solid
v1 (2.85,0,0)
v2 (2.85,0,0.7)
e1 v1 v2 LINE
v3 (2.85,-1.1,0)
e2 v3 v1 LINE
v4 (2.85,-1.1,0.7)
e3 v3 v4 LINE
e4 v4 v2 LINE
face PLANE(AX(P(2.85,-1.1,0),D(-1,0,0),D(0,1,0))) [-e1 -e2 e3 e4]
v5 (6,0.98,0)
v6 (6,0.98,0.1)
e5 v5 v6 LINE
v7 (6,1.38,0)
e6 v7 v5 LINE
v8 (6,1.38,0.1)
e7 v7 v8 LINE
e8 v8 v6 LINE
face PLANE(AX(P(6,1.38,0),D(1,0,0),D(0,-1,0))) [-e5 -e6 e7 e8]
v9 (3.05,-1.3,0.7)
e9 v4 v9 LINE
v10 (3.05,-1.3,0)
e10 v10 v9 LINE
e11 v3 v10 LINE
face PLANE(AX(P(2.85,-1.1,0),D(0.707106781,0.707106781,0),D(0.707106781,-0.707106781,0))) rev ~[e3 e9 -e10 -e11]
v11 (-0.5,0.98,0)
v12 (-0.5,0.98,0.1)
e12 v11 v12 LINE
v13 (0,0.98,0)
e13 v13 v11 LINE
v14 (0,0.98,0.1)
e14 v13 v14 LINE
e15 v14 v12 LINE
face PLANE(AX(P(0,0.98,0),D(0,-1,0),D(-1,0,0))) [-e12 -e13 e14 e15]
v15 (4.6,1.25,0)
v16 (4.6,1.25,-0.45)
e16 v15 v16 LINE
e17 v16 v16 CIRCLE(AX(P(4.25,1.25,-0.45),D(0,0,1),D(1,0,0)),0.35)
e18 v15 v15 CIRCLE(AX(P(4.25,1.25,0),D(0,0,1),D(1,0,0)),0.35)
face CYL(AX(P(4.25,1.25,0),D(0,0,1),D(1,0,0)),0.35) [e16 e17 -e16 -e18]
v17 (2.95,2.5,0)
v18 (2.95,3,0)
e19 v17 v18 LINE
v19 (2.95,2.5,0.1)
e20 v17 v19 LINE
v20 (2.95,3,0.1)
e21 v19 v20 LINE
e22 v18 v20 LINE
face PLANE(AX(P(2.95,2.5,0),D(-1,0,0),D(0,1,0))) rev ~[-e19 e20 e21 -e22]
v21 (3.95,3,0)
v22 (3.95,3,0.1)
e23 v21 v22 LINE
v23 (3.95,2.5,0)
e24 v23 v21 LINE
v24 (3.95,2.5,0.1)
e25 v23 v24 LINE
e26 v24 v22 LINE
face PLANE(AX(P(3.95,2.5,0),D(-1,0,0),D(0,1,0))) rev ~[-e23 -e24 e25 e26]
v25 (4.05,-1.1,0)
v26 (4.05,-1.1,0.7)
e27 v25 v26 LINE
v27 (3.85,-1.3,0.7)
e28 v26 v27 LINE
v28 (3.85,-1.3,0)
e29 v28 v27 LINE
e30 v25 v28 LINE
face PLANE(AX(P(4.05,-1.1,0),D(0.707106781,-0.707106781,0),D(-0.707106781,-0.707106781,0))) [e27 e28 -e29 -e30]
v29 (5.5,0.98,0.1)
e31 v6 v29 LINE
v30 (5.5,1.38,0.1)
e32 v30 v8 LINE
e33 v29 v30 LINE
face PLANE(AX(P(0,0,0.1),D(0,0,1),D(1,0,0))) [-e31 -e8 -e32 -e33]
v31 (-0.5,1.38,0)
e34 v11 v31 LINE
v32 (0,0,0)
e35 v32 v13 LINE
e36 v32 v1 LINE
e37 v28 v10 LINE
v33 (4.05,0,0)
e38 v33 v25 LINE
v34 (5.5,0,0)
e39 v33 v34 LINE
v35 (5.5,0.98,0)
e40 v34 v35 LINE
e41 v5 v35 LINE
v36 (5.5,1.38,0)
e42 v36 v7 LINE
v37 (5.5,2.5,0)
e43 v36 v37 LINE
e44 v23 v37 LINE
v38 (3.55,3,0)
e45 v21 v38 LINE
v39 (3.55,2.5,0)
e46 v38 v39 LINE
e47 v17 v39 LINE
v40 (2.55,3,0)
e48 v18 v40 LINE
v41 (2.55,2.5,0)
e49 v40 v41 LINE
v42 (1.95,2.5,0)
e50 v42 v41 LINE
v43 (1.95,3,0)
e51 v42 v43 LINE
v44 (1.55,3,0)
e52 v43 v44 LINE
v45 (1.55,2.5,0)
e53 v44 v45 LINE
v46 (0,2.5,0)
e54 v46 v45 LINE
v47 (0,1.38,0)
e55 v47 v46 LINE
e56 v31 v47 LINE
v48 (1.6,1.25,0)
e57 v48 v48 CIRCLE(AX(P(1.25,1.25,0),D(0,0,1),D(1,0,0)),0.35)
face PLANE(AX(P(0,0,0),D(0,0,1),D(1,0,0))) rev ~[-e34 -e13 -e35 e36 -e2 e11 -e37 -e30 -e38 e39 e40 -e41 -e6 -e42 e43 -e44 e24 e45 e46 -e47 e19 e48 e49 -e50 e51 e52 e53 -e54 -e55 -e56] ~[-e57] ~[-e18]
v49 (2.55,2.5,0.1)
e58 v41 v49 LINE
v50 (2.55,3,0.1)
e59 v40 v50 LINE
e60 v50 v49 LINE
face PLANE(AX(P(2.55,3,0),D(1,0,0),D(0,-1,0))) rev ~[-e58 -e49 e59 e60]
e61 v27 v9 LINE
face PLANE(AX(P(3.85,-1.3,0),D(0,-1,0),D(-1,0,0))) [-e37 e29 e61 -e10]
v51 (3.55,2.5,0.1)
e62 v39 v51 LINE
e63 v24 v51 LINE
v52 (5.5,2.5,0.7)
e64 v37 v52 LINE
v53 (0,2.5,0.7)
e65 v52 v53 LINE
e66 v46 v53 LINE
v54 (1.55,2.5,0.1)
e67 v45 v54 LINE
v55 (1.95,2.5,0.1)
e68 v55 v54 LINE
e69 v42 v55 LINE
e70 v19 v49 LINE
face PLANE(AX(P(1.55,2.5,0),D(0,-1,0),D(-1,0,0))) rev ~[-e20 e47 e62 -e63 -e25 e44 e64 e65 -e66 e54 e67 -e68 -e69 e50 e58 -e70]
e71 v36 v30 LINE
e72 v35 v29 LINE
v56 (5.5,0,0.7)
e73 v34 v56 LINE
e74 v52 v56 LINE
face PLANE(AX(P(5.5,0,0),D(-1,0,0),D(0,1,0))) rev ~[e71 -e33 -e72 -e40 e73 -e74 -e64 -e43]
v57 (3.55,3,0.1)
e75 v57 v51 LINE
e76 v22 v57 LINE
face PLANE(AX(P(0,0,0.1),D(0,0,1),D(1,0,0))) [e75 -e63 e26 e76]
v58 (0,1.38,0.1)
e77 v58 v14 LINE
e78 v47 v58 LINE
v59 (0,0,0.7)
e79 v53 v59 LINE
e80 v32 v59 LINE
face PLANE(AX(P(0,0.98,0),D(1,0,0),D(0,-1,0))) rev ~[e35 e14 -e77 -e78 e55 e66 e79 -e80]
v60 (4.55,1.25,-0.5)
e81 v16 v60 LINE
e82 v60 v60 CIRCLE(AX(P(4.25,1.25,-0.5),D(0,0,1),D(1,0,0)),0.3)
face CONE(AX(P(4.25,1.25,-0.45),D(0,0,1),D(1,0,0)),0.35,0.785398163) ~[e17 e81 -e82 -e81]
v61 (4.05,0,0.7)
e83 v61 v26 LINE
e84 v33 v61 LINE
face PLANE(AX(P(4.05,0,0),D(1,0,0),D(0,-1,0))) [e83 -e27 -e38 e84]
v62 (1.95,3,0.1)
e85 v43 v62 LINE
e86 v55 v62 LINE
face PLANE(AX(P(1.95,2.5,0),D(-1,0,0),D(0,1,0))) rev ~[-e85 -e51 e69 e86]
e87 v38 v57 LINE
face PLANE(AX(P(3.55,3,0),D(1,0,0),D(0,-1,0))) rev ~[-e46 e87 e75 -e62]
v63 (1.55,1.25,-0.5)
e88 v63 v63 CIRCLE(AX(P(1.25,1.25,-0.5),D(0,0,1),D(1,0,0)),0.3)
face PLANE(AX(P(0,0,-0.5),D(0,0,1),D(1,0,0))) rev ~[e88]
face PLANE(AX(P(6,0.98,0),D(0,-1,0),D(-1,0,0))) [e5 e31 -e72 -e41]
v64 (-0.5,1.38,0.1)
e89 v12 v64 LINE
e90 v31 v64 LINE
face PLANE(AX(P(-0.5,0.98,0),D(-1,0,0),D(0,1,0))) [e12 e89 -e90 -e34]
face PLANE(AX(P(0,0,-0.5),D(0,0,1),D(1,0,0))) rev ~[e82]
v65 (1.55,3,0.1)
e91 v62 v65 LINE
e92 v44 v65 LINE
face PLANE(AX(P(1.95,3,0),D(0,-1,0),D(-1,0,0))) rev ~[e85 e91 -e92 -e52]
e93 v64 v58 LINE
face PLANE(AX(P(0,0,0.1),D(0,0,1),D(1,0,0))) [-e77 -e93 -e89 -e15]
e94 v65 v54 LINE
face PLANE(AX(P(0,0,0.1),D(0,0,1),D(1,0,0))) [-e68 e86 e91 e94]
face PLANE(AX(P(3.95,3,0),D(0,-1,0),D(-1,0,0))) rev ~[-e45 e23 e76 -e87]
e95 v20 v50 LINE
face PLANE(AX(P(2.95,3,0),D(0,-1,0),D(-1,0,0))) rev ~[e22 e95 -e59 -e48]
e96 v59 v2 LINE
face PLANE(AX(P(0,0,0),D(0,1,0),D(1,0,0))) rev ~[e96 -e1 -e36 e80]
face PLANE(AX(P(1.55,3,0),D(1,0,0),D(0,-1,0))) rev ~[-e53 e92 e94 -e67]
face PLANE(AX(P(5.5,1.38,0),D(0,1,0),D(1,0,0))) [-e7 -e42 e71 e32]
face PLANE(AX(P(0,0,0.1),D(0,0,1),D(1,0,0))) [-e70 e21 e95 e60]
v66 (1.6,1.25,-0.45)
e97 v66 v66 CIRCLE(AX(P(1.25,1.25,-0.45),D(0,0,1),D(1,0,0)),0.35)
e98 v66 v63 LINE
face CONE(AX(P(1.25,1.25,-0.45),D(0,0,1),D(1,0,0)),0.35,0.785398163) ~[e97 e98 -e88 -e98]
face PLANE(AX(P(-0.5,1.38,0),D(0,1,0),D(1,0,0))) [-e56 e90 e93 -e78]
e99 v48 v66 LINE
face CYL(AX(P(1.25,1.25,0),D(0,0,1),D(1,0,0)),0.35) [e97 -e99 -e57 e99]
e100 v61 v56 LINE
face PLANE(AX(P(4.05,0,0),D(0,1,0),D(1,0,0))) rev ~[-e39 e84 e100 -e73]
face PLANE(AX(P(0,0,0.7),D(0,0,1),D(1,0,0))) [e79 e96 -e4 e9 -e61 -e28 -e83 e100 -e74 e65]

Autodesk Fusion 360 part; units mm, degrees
sketch "Sketch1" plane through (0, 0, 0) normal (0, 0, 1) x (1, 0, 0)
  line L0 (5.5, 0) -> (5.5, 2.5)
  line L1 (5.5, 2.5) -> (0, 2.5)
  line L2 (0, 2.5) -> (0, 0)
  line L3 (2.75, 2.5) -> (2.75, 0) construction
  line L4 (4.05, 0) -> (4.05, -1.1)
  line L5 (3.85, -1.3) -> (3.05, -1.3)
  line L6 (2.85, -1.1) -> (2.85, 0)
  line L7 (2.85, -1.1) -> (3.05, -1.3)
  line L8 (4.05, -1.1) -> (3.85, -1.3)
  line L9 (2.05, 2.5) -> (2.05, 0) construction
  line L10 (3.45, 2.5) -> (3.45, 0) construction
  line L11 (3.45, -1.3) -> (3.45, 0) construction
  line L12 (0, 1.25) -> (5.5, 1.25) construction
  line L13 (1.25, 2.5) -> (1.25, 0) construction
  line L14 (4.25, 2.5) -> (4.25, 0) construction
  circle A0 centre (1.25, 1.25) radius 0.35
  circle A1 centre (4.25, 1.25) radius 0.35
  line L15 (0, 1.18) -> (5.5, 1.18) construction
  line L16 (-0.5, 1.38) -> (0, 1.38)
  line L17 (0, 1.38) -> (0, 0.98)
  line L18 (0, 0.98) -> (-0.5, 0.98)
  line L19 (-0.5, 0.98) -> (-0.5, 1.38)
  line L20 (5.5, 0.98) -> (5.5, 1.38)
  line L21 (5.5, 1.38) -> (6, 1.38)
  line L22 (6, 1.38) -> (6, 0.98)
  line L23 (6, 0.98) -> (5.5, 0.98)
  line L24 (0, 0) -> (2.85, 0)
  line L25 (4.05, 0) -> (5.5, 0)
  line L26 (2.55, 2.5) -> (2.95, 2.5)
  line L27 (2.95, 2.5) -> (2.95, 3)
  line L28 (2.95, 3) -> (2.55, 3)
  line L29 (2.55, 3) -> (2.55, 2.5)
  line L30 (3.55, 2.5) -> (3.95, 2.5)
  line L31 (3.95, 2.5) -> (3.95, 3)
  line L32 (3.95, 3) -> (3.55, 3)
  line L33 (3.55, 3) -> (3.55, 2.5)
  line L34 (1.55, 2.5) -> (1.95, 2.5)
  line L35 (1.95, 2.5) -> (1.95, 3)
  line L36 (1.95, 3) -> (1.55, 3)
  line L37 (1.55, 3) -> (1.55, 2.5)
  point P0 (4.05, -1.3)
  point P1 (2.85, -1.3)
  point P2 (1.25, 1.25)
  point P3 (4.25, 1.25)
  point P4 (0, 1.18)
  point P5 (5.5, 1.18)
  point P6 (0, 1.18)
  point P7 (5.5, 1.18)
  point P8 (2.75, 2.5)
  point P9 (2.75, 2.5)
  point P10 (1.75, 2.5)
  point P11 (3.75, 2.5)
  point P12 (3.75, 2.5)
  point P13 (1.75, 2.5)
  dimension "d1" = 5.5
  dimension "d2" = 2.5
  dimension "d3" = 1.2
  dimension "d4" = 1.3
  dimension "d5" = 0.2
  dimension "d6" = 0.2
  dimension "d7" = 0.2
  dimension "d8" = 0.2
  dimension "d9" = 0.7
  dimension "d10" = -0.7
  dimension "d13" = 1.5
  dimension "d14" = -1.5
  dimension "d15" = 0.7
  dimension "d16" = 0.7
  dimension "d17" = 1.18
  dimension "d18" = 0.5
  dimension "d19" = 0.4
  dimension "d20" = 0.5
  dimension "d21" = 0.4
  dimension "d22" = 0.4
  dimension "d23" = 0.5
  dimension "d24" = 1
  dimension "d25" = 1
  dimension "d26" = 0.4
  dimension "d27" = 0.5
  dimension "d28" = 0.4
  dimension "d29" = 0.5
extrude "Extrude1" add sketch "Sketch1" along normal blind 0.7 contours L0 L1 L2 L4 L5 L6 L7 L8 L17 L20 L24 L25 L26 L30 L34 | A0 | A1
extrude "Extrude2" add sketch "Sketch1" against normal blind 0.5 contours A0 | A1
chamfer "Chamfer1" distance 0.05 angle 45 2 edges at (3.9237, 1.3766, -0.5) (0.9237, 1.3766, -0.5)
extrude "Extrude3" add sketch "Sketch1" along normal blind 0.1 contours L0 L20 L21 L22 L23 | L1 L30 L31 L32 L33 | L1 L26 L27 L28 L29 | L1 L34 L35 L36 L37 | L2 L16 L17 L18 L19
equation "d6 = d5"
equation "d8 = d7"
